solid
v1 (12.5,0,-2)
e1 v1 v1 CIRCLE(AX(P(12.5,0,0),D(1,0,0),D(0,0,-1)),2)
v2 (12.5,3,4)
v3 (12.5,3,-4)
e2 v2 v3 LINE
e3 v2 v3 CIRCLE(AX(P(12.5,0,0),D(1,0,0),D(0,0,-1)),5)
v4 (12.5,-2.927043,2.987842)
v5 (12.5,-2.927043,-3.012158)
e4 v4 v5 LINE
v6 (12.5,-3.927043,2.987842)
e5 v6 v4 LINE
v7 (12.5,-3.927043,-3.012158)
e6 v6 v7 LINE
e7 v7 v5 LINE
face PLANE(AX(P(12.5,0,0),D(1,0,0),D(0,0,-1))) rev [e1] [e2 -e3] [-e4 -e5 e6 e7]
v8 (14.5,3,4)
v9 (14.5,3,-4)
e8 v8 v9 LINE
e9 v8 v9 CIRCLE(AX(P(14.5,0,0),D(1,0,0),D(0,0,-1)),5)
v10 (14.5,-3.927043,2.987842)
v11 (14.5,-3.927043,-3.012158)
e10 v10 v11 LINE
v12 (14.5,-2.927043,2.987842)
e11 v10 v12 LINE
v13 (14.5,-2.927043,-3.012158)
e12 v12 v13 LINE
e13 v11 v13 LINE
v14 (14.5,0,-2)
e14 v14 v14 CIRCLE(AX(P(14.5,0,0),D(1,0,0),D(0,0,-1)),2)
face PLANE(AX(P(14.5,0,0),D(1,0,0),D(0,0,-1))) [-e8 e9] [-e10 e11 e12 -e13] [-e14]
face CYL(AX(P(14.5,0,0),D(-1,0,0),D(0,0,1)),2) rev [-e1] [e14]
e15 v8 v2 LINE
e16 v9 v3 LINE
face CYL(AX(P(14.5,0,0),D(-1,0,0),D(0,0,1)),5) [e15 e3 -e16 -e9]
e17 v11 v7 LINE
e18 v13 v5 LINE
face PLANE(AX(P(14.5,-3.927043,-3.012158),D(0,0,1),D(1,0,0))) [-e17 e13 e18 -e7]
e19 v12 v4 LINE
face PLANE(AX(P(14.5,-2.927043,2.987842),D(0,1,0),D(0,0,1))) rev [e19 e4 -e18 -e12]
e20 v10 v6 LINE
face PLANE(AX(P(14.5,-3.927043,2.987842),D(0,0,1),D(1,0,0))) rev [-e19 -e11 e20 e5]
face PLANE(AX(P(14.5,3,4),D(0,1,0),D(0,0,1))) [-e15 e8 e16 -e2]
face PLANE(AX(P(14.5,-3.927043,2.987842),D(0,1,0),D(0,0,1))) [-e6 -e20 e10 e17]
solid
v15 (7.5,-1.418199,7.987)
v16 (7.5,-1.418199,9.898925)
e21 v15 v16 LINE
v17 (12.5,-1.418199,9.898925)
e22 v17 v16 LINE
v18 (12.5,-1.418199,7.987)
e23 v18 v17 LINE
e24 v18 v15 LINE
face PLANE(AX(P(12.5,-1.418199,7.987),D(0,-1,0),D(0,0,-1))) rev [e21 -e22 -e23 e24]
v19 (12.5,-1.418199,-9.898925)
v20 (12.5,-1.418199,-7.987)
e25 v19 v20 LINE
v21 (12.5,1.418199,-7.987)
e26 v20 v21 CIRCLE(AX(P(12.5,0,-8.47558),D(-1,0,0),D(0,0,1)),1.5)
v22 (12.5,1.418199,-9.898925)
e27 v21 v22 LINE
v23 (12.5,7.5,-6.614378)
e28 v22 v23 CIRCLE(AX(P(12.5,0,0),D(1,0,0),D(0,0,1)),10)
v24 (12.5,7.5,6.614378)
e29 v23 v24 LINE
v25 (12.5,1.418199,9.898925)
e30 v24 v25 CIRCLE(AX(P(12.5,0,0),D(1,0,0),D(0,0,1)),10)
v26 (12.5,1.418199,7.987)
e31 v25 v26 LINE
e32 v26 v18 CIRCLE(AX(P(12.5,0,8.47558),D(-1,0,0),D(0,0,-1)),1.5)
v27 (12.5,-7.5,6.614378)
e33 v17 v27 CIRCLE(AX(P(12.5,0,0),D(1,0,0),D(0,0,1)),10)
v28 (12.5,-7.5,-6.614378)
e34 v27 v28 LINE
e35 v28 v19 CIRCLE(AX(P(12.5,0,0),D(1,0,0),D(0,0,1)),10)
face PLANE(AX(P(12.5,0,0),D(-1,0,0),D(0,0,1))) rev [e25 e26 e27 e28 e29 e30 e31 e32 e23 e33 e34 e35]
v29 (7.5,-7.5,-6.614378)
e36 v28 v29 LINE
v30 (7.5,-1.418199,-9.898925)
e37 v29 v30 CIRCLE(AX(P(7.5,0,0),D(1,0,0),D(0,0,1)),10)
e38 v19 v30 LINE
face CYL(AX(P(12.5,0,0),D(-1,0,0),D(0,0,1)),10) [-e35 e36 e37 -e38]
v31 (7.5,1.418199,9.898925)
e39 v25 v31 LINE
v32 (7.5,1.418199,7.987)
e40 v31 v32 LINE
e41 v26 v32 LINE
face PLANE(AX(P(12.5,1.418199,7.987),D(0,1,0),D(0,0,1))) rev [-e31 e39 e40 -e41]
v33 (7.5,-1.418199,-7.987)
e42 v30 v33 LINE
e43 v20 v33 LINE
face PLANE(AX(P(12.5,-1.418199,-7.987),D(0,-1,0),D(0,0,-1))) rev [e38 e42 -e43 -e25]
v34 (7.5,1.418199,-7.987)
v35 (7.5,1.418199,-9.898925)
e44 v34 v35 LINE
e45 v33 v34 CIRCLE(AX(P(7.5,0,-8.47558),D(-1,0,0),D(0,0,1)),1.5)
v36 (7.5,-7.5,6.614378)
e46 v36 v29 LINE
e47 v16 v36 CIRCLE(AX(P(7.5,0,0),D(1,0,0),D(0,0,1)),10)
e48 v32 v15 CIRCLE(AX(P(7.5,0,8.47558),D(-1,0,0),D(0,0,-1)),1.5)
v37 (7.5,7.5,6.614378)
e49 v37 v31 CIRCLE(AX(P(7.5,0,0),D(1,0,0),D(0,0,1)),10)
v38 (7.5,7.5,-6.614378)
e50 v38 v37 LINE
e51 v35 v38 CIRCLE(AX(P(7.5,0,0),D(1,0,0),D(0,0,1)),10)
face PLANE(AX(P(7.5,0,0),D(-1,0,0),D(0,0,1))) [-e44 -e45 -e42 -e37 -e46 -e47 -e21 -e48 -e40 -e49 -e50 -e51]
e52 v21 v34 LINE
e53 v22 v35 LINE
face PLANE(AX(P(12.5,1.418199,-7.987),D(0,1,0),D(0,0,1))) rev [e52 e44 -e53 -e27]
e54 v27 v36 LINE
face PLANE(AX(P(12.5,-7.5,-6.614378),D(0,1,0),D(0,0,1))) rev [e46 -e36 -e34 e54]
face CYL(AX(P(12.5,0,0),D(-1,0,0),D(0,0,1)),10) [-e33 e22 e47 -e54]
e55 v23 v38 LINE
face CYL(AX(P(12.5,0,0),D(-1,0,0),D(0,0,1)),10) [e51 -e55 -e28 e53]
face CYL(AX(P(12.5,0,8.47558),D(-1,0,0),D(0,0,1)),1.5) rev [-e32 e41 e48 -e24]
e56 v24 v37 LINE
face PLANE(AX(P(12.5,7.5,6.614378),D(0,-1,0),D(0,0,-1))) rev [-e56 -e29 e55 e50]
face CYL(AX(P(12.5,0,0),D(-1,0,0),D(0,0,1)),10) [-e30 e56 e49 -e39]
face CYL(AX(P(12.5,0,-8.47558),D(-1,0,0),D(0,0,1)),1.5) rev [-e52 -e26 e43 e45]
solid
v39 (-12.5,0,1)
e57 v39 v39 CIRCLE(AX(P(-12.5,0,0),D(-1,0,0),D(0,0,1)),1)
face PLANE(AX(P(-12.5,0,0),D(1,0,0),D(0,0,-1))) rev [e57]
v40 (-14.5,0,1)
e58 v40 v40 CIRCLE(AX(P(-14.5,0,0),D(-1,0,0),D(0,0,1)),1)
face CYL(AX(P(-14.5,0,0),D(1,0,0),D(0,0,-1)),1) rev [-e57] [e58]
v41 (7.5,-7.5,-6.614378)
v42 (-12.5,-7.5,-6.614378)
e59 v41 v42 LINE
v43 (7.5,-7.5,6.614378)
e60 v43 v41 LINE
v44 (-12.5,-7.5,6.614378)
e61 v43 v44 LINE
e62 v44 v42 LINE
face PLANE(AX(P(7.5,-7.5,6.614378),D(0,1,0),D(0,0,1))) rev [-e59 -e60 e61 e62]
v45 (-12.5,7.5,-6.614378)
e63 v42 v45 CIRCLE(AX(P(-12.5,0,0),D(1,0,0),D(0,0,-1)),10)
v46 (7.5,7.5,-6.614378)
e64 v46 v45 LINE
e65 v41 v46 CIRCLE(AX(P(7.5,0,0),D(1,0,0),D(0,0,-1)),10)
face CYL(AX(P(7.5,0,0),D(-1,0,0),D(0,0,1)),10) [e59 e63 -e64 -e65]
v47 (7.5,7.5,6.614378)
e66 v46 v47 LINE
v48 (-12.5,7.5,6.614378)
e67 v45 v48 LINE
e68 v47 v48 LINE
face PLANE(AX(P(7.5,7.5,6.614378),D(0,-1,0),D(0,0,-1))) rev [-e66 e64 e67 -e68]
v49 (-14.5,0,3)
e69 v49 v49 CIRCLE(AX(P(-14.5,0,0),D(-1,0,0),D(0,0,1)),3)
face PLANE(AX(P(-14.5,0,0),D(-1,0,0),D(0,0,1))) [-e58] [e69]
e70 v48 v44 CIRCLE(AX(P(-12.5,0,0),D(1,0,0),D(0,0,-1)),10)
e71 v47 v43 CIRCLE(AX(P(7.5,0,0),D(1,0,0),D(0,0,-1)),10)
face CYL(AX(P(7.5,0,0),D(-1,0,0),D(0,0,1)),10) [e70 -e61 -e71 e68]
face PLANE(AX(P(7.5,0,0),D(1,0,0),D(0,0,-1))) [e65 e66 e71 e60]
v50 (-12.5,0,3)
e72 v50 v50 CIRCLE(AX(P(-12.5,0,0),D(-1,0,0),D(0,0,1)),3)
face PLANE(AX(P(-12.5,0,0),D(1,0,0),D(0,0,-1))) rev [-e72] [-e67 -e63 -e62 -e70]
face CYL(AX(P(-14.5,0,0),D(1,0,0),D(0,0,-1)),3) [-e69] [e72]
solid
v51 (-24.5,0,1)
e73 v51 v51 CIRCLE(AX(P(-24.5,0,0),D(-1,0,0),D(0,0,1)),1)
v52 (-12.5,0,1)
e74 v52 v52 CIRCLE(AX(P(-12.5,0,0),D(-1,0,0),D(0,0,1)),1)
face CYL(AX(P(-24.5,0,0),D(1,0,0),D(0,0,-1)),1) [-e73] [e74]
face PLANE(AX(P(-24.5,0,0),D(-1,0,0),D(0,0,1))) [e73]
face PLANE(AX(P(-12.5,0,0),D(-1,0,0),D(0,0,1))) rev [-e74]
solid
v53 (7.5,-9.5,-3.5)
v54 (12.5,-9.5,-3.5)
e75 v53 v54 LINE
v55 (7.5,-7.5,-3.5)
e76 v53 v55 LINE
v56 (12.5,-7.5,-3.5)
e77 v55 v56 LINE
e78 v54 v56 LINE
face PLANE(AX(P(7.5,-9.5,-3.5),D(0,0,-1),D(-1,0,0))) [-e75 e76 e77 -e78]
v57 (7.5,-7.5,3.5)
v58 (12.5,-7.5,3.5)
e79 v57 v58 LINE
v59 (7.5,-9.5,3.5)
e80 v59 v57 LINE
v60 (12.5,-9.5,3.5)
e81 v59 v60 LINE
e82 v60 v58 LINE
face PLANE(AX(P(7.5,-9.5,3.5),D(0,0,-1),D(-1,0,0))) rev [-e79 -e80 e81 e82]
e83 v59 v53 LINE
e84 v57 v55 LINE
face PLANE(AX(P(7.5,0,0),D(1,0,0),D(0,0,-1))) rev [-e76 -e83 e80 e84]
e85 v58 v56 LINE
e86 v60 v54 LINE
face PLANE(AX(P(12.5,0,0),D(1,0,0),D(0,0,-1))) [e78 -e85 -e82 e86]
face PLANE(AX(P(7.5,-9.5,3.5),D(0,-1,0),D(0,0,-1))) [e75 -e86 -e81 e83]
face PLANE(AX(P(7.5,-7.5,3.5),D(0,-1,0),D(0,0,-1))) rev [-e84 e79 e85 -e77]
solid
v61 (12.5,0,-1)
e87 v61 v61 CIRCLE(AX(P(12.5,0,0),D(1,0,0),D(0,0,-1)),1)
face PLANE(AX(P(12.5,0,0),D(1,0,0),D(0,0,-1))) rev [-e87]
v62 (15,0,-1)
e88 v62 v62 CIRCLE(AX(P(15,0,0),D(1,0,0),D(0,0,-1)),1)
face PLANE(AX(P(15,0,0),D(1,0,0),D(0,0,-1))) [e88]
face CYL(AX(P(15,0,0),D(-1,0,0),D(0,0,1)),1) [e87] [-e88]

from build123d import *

# Parameters (mm, degrees)
BOSS_EXTRUDE1_DEPTH      = 7.5
BOSS_EXTRUDE1_DEPTH_BACK = 12.5
BOSS_EXTRUDE2_DEPTH      = 5
SKETCH3_R                = 1
BOSS_EXTRUDE3_DEPTH      = 2.5
SKETCH3_6_W              = 6
SKETCH3_6_H              = 1
SKETCH3_6_R              = 2
BOSS_EXTRUDE6_DEPTH      = 2
SKETCH3_7_W              = 7
SKETCH3_7_H              = 2
BOSS_EXTRUDE7_DEPTH      = 5
SKETCH4_R                = 1
BOSS_EXTRUDE9_DEPTH      = 12
SKETCH4_3_R              = 3
SKETCH4_3_R_2            = 1
BOSS_EXTRUDE10_DEPTH     = 2


with BuildPart() as part:
    # Sketch1 → Boss-Extrude1 (new, two sides: drawn at the far end of the back side and taken through both)
    with BuildSketch(Plane(origin=(0, 0, 0), x_dir=(0, 0, -1), z_dir=(1, 0, 0)).offset(-BOSS_EXTRUDE1_DEPTH_BACK)):
        with BuildLine():
            Line((-6.614378278, -7.5), (6.614378278, -7.5))
            ThreePointArc((6.614378278, -7.5), (10, 0), (6.614378278, 7.5))
            Line((6.614378278, 7.5), (-6.614378278, 7.5))
            ThreePointArc((-6.614378278, 7.5), (-10, 0), (-6.614378278, -7.5))
        make_face()
    extrude(amount=BOSS_EXTRUDE1_DEPTH + BOSS_EXTRUDE1_DEPTH_BACK)

    # Sketch4<3> → Boss-Extrude10 (add)
    with BuildSketch(Plane.ZY.offset(12.5)):
        Circle(SKETCH4_3_R)
        Circle(SKETCH4_3_R_2, mode=Mode.SUBTRACT)
    extrude(amount=BOSS_EXTRUDE10_DEPTH)


with BuildPart() as body_2:
    # Sketch2 → Boss-Extrude2 (new body)
    with BuildSketch(Plane(origin=(7.5, 0, 0), x_dir=(0, 0, -1), z_dir=(1, 0, 0))):
        with BuildLine():
            Line((-6.614378278, 7.5), (6.614378278, 7.5))
            ThreePointArc((6.614378278, 7.5), (8.798827688, 4.751908176), (9.898924717, 1.418199367))
            Line((9.898924717, 1.418199367), (7.986999742, 1.418199367))
            ThreePointArc((7.986999742, 1.418199367), (6.975579885, 0), (7.986999742, -1.418199367))
            Line((7.986999742, -1.418199367), (9.898924717, -1.418199367))
            ThreePointArc((9.898924717, -1.418199367), (8.798827688, -4.751908176), (6.614378278, -7.5))
            Line((6.614378278, -7.5), (-6.614378278, -7.5))
            ThreePointArc((-6.614378278, -7.5), (-8.798827688, -4.751908176), (-9.898924717, -1.418199367))
            Line((-9.898924717, -1.418199367), (-7.986999742, -1.418199367))
            ThreePointArc((-7.986999742, -1.418199367), (-6.975579885, 0), (-7.986999742, 1.418199367))
            Line((-7.986999742, 1.418199367), (-9.898924717, 1.418199367))
            ThreePointArc((-9.898924717, 1.418199367), (-8.798827688, 4.751908176), (-6.614378278, 7.5))
        make_face()
    extrude(amount=BOSS_EXTRUDE2_DEPTH)


with BuildPart() as body_3:
    # Sketch3 → Boss-Extrude3 (new body)
    with BuildSketch(Plane(origin=(12.5, 0, 0), x_dir=(0, 0, -1), z_dir=(1, 0, 0))):
        Circle(SKETCH3_R)
    extrude(amount=BOSS_EXTRUDE3_DEPTH)


with BuildPart() as body_4:
    # Sketch3<6> → Boss-Extrude6 (new body)
    with BuildSketch(Plane(origin=(12.5, 0, 0), x_dir=(0, 0, -1), z_dir=(1, 0, 0))):
        with BuildLine():
            Line((4, 3), (-4, 3))
            ThreePointArc((-4, 3), (0, -5), (4, 3))
        make_face()
        with Locations((0.012157956, -3.427042932)):
            Rectangle(SKETCH3_6_W, SKETCH3_6_H, mode=Mode.SUBTRACT)
        Circle(SKETCH3_6_R, mode=Mode.SUBTRACT)
    extrude(amount=BOSS_EXTRUDE6_DEPTH)


with BuildPart() as body_5:
    # Sketch3<7> → Boss-Extrude7 (new body)
    with BuildSketch(Plane(origin=(12.5, 0, 0), x_dir=(0, 0, -1), z_dir=(1, 0, 0))):
        with Locations((0, -8.5)):
            Rectangle(SKETCH3_7_W, SKETCH3_7_H)
    extrude(amount=-BOSS_EXTRUDE7_DEPTH)


with BuildPart() as body_6:
    # Sketch4 → Boss-Extrude9 (new body)
    with BuildSketch(Plane.ZY.offset(12.5)):
        Circle(SKETCH4_R)
    extrude(amount=BOSS_EXTRUDE9_DEPTH)


solid = Compound([part.part, body_2.part, body_3.part, body_4.part, body_5.part, body_6.part])
